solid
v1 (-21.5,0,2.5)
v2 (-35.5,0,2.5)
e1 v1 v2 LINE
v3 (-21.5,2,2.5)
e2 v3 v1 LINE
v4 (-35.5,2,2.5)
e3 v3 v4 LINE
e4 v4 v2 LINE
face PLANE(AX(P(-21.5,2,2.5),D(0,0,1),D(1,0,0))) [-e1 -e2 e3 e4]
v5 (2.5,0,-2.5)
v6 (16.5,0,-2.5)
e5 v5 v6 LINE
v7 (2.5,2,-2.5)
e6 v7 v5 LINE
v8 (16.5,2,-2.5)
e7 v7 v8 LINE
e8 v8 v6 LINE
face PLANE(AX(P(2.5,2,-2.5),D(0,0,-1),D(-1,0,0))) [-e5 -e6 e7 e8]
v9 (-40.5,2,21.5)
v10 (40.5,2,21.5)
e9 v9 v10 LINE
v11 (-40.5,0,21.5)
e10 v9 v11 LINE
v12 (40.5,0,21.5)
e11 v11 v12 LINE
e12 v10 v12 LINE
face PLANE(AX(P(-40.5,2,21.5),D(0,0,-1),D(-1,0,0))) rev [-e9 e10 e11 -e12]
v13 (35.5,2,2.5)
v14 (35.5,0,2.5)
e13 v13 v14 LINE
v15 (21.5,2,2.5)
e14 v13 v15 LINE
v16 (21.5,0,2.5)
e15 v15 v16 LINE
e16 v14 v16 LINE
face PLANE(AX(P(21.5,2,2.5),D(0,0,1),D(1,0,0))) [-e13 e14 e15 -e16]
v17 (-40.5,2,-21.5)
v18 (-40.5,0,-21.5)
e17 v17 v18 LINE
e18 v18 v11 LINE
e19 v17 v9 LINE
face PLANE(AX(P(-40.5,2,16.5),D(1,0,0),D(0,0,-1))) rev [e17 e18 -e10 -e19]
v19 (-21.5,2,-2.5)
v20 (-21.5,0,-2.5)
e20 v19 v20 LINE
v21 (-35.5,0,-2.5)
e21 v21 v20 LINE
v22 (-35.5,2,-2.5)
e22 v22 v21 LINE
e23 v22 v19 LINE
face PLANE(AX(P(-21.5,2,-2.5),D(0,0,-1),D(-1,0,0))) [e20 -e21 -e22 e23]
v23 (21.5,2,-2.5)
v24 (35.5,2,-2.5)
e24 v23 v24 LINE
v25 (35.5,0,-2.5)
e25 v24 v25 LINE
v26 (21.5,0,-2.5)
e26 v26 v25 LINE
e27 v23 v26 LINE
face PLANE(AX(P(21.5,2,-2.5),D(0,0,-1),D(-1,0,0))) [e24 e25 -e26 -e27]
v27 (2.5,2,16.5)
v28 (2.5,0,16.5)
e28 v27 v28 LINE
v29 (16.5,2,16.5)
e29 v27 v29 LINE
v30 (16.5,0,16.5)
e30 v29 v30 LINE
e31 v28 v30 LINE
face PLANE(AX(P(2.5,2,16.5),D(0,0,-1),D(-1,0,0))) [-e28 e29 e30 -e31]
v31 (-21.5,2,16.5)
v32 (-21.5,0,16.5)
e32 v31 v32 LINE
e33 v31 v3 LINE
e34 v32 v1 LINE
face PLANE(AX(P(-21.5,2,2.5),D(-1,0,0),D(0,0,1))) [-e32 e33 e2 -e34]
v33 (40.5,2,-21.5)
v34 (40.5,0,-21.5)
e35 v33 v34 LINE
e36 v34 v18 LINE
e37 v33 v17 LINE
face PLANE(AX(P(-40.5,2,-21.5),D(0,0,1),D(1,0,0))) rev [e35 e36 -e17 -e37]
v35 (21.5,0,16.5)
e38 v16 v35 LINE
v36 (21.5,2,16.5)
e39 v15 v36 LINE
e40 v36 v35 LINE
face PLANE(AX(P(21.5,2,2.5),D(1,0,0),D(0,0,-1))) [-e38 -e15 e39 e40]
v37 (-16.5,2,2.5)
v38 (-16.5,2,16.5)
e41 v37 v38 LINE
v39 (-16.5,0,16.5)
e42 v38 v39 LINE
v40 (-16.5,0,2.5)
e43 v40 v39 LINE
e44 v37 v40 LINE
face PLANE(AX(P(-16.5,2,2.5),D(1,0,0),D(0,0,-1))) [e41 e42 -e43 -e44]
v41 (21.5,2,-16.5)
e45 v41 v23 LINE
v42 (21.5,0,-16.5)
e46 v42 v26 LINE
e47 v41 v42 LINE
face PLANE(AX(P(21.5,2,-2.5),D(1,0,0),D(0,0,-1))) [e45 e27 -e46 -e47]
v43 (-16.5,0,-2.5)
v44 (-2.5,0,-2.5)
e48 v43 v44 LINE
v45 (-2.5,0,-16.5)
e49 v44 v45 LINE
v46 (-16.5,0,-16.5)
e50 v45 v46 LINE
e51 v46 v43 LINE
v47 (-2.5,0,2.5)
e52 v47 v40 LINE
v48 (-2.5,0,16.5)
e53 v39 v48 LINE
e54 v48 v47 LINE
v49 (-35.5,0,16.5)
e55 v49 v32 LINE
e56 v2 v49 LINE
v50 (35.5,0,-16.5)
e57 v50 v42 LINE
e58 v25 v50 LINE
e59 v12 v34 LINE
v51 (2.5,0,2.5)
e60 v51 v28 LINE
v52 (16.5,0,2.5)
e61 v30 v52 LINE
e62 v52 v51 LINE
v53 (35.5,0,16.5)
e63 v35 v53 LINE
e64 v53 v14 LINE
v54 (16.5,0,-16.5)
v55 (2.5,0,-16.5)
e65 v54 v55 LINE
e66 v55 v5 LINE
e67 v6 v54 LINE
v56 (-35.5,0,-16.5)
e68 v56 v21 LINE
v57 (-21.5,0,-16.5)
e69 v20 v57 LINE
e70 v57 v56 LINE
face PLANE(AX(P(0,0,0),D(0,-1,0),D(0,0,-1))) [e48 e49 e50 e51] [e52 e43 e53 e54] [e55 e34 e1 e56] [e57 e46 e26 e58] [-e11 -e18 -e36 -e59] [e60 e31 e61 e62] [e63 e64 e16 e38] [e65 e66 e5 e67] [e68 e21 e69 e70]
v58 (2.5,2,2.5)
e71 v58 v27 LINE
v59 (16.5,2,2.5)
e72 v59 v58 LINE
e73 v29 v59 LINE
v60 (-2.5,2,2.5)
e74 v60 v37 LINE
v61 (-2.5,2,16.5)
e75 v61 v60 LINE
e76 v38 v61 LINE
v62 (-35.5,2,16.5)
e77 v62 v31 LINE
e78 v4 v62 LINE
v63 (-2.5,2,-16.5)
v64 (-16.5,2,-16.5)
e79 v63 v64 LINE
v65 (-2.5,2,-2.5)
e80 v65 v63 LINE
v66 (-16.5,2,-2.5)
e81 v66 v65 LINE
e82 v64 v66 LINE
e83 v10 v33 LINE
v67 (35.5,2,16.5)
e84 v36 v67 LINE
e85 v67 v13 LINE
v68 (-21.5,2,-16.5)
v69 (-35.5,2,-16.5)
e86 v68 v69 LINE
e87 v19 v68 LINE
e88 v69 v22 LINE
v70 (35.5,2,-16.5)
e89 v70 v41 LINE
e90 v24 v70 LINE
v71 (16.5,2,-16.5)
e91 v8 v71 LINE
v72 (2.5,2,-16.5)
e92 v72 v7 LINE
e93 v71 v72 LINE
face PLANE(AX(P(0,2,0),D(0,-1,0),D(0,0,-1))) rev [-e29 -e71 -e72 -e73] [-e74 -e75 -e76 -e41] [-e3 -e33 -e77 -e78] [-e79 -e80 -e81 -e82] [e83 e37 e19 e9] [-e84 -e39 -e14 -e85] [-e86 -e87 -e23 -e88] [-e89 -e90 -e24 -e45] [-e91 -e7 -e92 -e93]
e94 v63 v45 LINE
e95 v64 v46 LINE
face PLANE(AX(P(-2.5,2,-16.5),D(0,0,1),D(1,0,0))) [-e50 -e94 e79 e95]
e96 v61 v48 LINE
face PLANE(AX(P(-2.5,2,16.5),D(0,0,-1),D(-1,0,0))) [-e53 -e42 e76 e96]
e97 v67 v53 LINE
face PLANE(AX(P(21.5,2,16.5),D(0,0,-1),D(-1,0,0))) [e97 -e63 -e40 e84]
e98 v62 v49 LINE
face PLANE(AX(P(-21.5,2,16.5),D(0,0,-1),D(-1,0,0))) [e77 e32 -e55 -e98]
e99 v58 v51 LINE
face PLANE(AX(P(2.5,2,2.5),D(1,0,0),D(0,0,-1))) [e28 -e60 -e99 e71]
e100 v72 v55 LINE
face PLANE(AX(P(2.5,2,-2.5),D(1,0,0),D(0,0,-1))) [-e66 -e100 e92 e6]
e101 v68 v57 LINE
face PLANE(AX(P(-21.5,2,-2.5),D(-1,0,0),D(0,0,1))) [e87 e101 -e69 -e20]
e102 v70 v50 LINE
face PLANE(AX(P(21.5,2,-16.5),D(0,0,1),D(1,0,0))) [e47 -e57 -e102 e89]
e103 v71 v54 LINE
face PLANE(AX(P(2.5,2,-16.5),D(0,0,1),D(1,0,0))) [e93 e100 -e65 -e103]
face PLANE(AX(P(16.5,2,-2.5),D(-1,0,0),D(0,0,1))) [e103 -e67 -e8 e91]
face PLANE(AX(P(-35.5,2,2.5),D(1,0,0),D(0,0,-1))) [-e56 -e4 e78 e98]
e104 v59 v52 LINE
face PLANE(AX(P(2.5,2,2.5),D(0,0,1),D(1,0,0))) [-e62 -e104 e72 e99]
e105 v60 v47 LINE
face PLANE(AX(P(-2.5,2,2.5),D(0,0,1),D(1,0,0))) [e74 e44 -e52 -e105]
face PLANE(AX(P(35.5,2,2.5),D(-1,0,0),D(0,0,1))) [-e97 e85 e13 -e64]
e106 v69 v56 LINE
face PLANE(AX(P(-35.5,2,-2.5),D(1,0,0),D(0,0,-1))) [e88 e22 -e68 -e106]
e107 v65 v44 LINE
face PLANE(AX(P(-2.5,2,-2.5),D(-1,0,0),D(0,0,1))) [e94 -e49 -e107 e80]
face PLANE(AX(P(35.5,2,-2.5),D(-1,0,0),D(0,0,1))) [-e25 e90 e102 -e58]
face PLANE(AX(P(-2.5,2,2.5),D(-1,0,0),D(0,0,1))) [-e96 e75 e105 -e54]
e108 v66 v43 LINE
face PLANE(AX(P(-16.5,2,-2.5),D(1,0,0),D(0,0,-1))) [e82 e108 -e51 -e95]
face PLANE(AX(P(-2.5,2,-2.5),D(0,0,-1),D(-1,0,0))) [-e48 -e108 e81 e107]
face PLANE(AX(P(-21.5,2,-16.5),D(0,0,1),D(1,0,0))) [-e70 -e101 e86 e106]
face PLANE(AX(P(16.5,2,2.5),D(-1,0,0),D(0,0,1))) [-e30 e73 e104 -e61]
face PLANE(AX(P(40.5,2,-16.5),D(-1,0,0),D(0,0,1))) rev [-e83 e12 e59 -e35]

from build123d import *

# Parameters (mm, degrees)
SKETCH1_W           = 14
SKETCH1_H           = 14
BOSS_EXTRUDE1_DEPTH = 2


with BuildPart() as part:
    # Sketch1 → Boss-Extrude1 (new body)
    with BuildSketch(Plane(origin=(0, 0, 0), x_dir=(1, 0, 0), z_dir=(0, 1, 0))):
        Polygon((-40.5, 21.5), (40.5, 21.5), (40.5, 16.5), (40.5, 0), (40.5, -16.5), (40.5, -21.5), (-40.5, -21.5), (-40.5, -16.5), (-40.5, 16.5), align=None)
        with Locations((28.5, 9.5)):
            Rectangle(SKETCH1_W, SKETCH1_H, mode=Mode.SUBTRACT)
        with Locations((9.5, 9.5)):
            Rectangle(SKETCH1_W, SKETCH1_H, mode=Mode.SUBTRACT)
        with Locations((-28.5, 9.5)):
            Rectangle(SKETCH1_W, SKETCH1_H, mode=Mode.SUBTRACT)
        with Locations((-9.5, 9.5)):
            Rectangle(SKETCH1_W, SKETCH1_H, mode=Mode.SUBTRACT)
        with Locations((-28.5, -9.5)):
            Rectangle(SKETCH1_W, SKETCH1_H, mode=Mode.SUBTRACT)
        with Locations((-9.5, -9.5)):
            Rectangle(SKETCH1_W, SKETCH1_H, mode=Mode.SUBTRACT)
        with Locations((28.5, -9.5)):
            Rectangle(SKETCH1_W, SKETCH1_H, mode=Mode.SUBTRACT)
        with Locations((9.5, -9.5)):
            Rectangle(SKETCH1_W, SKETCH1_H, mode=Mode.SUBTRACT)
    extrude(amount=BOSS_EXTRUDE1_DEPTH)


solid = part.part
